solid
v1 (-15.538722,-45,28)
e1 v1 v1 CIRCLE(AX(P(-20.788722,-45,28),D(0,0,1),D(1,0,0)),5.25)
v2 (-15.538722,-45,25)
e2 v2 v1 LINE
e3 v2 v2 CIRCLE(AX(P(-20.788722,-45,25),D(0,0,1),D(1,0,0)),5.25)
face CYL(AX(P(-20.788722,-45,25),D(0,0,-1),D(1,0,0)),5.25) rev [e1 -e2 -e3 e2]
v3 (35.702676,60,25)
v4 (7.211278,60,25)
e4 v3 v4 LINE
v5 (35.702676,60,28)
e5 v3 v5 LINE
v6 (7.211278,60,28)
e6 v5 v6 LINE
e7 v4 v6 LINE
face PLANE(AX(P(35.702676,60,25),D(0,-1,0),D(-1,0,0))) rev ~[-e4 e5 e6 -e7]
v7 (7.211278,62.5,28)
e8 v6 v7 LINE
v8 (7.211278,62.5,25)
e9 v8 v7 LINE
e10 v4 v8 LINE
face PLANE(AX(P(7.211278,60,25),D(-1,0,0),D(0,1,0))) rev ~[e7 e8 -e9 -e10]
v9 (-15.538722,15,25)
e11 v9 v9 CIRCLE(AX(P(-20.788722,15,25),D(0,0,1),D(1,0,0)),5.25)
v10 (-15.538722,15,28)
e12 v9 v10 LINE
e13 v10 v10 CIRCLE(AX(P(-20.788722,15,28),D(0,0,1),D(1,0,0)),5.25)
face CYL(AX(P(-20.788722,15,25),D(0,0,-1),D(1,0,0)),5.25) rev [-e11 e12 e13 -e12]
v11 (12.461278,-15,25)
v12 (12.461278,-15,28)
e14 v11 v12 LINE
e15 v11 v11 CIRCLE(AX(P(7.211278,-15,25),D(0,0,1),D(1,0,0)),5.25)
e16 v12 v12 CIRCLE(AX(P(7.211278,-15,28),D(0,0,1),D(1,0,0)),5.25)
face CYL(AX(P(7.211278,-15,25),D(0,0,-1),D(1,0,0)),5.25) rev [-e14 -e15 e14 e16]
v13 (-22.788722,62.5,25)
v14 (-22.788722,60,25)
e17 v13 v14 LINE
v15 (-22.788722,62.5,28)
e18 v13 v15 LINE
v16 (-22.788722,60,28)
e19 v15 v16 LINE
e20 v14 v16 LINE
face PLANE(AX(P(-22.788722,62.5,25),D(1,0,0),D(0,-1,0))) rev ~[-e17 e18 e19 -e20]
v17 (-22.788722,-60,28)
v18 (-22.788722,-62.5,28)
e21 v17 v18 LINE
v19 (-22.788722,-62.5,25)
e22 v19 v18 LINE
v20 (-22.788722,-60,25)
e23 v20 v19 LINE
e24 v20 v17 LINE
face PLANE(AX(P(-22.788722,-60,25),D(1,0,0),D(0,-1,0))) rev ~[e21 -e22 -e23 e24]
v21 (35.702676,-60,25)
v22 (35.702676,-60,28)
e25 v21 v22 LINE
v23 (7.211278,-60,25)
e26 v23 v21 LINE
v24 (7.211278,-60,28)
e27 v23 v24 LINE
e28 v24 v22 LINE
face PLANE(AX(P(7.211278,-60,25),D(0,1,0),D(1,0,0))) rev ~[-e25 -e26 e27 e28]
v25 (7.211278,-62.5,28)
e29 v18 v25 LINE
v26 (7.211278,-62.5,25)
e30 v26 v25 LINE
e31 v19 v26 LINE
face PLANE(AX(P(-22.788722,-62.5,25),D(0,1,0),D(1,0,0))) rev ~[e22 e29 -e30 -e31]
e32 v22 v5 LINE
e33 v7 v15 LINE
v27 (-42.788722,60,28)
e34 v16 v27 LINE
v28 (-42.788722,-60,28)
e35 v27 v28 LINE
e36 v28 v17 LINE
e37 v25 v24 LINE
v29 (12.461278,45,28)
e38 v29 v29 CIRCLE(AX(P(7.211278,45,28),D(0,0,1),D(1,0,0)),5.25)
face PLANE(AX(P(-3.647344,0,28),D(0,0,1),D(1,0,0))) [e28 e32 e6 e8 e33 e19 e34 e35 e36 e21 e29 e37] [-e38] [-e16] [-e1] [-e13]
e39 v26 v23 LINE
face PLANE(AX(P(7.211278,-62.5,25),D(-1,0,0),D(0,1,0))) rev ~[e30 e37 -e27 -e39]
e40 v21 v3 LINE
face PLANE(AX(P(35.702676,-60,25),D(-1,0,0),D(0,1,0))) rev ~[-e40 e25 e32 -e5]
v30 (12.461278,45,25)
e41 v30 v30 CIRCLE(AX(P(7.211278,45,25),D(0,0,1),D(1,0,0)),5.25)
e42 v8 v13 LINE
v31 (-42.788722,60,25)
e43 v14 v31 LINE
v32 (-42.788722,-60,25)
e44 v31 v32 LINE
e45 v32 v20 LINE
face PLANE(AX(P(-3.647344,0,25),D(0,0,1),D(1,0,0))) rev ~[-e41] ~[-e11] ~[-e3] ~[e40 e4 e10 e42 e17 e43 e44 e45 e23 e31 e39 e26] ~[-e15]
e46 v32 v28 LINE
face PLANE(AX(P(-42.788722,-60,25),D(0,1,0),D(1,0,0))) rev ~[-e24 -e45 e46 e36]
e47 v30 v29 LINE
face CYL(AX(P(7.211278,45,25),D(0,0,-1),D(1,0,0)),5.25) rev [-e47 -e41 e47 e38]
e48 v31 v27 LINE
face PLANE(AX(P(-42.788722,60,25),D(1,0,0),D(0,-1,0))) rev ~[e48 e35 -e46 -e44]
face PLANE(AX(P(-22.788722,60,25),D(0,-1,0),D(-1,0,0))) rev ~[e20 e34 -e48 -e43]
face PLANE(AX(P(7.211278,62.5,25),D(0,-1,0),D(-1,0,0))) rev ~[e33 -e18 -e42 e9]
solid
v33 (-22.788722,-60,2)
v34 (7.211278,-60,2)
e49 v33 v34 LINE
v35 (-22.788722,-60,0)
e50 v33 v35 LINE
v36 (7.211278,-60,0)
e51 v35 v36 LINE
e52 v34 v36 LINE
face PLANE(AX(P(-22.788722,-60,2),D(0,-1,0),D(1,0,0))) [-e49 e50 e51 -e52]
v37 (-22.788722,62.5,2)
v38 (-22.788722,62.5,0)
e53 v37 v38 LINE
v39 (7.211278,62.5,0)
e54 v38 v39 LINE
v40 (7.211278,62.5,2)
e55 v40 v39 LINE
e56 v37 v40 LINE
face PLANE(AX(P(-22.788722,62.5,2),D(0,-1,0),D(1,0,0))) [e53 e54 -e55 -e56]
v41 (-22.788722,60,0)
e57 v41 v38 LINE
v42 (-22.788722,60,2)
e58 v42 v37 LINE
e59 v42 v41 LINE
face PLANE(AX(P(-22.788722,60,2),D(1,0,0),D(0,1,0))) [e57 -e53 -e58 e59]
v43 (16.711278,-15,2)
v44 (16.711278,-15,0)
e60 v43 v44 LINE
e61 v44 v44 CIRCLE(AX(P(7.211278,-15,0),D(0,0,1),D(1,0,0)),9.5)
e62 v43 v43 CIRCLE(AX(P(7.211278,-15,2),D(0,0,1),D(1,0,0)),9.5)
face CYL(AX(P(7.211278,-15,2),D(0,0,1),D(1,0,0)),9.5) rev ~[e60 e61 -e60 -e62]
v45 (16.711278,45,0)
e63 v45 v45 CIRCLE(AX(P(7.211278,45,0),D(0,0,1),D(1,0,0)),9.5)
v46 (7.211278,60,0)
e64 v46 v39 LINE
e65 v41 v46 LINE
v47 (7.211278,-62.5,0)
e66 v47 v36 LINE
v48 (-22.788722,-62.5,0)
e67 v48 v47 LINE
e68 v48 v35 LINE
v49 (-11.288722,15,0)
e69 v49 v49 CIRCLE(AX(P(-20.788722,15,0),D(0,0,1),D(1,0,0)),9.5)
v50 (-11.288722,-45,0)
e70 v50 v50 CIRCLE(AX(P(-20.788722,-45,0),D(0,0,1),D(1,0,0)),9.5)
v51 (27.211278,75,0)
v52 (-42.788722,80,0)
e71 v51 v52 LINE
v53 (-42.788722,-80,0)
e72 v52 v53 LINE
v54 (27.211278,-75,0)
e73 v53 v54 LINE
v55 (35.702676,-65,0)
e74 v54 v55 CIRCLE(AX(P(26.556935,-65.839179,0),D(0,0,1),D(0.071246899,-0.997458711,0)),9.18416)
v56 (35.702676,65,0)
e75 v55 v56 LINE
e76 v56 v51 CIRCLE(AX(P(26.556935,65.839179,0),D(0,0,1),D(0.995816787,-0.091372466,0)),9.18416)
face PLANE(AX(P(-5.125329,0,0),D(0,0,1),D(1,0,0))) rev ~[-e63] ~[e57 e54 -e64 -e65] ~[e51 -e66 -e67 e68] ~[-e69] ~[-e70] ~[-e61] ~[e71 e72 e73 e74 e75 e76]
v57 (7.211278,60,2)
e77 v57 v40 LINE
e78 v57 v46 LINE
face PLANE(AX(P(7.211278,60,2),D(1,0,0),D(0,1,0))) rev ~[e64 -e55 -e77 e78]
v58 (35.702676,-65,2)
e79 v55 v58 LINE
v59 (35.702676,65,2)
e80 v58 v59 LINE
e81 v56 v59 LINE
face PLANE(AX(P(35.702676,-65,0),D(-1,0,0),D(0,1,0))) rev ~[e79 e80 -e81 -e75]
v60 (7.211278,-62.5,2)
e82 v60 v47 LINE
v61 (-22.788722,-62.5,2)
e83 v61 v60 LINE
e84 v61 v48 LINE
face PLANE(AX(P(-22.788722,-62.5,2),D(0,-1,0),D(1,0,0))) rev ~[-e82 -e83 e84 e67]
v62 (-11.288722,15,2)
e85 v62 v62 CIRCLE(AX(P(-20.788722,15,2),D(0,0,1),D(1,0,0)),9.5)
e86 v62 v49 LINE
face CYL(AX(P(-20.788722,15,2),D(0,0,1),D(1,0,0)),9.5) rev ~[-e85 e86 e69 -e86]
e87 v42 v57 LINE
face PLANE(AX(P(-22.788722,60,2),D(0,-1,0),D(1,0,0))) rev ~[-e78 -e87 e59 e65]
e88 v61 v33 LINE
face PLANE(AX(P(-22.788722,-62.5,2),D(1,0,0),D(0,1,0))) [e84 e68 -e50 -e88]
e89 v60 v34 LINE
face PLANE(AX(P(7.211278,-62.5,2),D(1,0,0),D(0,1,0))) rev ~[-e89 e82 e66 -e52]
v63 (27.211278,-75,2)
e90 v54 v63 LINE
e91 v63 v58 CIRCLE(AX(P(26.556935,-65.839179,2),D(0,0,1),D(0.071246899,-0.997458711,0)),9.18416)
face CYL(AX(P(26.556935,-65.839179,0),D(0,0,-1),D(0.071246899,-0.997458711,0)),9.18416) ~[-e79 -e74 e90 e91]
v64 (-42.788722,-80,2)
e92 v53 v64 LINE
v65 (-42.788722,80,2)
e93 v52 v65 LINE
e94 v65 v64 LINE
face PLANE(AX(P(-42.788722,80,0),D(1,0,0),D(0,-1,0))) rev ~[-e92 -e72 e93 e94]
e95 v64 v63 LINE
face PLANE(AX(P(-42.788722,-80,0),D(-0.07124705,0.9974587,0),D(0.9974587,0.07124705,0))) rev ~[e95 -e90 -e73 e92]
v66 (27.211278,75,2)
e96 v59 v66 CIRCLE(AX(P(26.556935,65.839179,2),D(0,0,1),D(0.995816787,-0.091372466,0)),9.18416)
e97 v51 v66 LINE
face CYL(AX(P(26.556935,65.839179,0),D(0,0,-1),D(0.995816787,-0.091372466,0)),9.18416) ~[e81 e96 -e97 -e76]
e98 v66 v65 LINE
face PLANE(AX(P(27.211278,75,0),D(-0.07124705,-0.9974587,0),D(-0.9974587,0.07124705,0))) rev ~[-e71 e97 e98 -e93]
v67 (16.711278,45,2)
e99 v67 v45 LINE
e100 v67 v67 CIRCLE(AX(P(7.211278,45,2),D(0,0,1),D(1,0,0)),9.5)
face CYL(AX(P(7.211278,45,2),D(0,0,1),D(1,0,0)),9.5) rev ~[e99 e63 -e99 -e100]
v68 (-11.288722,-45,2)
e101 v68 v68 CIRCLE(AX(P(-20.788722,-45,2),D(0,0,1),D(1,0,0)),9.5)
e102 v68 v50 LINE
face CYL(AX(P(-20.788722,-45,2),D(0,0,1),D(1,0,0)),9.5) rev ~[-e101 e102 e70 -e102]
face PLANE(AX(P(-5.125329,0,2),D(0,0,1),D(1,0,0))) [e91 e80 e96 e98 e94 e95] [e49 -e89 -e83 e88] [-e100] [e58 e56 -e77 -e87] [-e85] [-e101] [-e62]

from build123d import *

# Parameters (mm, degrees)
F1_DEPTH = 2
F2_R     = 9.5
F3_DEPTH = 2
F5_R     = 5.25
F6_DEPTH = 3
F7_W     = 30
F7_H     = 2.5
F8_DEPTH = 2


with BuildPart() as f1:
    # F0 (on Top) → F1 (new body)
    with BuildSketch(Plane.XY):
        with BuildLine():
            Line((27.211278, 75), (-42.788722, 80))
            Line((-42.788722, 80), (-42.788722, -80))
            Line((-42.788722, -80), (27.211278, -75))
            ThreePointArc((27.211278, -75), (33.557679, -71.783789), (35.702676, -65))
            Line((35.702676, -65), (35.702676, 65))
            ThreePointArc((35.702676, 65), (33.557679, 71.783789), (27.211278, 75))
        make_face()
    extrude(amount=F1_DEPTH)

    # F2 (on face) → F3 (cut, through all)
    with BuildSketch(Plane.XY.offset(2)):
        with Locations((7.211278, 45)):
            Circle(F2_R)
        with Locations((-20.788722, 15)):
            Circle(F2_R)
        with Locations((7.211278, -15)):
            Circle(F2_R)
        with Locations((-20.788722, -45)):
            Circle(F2_R)
    extrude(amount=-F3_DEPTH, mode=Mode.SUBTRACT)

    # F7 (on face) → F8 (cut, through all)
    with BuildSketch(Plane.XY.offset(2)):
        with Locations((-7.788722, 61.25)):
            Rectangle(F7_W, F7_H)
        with Locations((-7.788722, -61.25)):
            Rectangle(F7_W, F7_H)
    extrude(amount=-F8_DEPTH, mode=Mode.SUBTRACT)


with BuildPart() as f6:
    # F5 (on offset) → F6 (new body)
    with BuildSketch(Plane.XY.offset(25)):
        Polygon((-22.788722, 60), (-42.788722, 60), (-42.788722, -60), (-22.788722, -60), (-22.788722, -62.5), (7.211278, -62.5), (7.211278, -60), (35.702676, -60), (35.702676, 60), (7.211278, 60), (7.211278, 62.5), (-22.788722, 62.5), align=None)
        with Locations((-20.788722, -45)):
            Circle(F5_R, mode=Mode.SUBTRACT)
        with Locations((7.211278, -15)):
            Circle(F5_R, mode=Mode.SUBTRACT)
        with Locations((-20.788722, 15)):
            Circle(F5_R, mode=Mode.SUBTRACT)
        with Locations((7.211278, 45)):
            Circle(F5_R, mode=Mode.SUBTRACT)
    extrude(amount=F6_DEPTH)


solid = Compound([f1.part, f6.part])
